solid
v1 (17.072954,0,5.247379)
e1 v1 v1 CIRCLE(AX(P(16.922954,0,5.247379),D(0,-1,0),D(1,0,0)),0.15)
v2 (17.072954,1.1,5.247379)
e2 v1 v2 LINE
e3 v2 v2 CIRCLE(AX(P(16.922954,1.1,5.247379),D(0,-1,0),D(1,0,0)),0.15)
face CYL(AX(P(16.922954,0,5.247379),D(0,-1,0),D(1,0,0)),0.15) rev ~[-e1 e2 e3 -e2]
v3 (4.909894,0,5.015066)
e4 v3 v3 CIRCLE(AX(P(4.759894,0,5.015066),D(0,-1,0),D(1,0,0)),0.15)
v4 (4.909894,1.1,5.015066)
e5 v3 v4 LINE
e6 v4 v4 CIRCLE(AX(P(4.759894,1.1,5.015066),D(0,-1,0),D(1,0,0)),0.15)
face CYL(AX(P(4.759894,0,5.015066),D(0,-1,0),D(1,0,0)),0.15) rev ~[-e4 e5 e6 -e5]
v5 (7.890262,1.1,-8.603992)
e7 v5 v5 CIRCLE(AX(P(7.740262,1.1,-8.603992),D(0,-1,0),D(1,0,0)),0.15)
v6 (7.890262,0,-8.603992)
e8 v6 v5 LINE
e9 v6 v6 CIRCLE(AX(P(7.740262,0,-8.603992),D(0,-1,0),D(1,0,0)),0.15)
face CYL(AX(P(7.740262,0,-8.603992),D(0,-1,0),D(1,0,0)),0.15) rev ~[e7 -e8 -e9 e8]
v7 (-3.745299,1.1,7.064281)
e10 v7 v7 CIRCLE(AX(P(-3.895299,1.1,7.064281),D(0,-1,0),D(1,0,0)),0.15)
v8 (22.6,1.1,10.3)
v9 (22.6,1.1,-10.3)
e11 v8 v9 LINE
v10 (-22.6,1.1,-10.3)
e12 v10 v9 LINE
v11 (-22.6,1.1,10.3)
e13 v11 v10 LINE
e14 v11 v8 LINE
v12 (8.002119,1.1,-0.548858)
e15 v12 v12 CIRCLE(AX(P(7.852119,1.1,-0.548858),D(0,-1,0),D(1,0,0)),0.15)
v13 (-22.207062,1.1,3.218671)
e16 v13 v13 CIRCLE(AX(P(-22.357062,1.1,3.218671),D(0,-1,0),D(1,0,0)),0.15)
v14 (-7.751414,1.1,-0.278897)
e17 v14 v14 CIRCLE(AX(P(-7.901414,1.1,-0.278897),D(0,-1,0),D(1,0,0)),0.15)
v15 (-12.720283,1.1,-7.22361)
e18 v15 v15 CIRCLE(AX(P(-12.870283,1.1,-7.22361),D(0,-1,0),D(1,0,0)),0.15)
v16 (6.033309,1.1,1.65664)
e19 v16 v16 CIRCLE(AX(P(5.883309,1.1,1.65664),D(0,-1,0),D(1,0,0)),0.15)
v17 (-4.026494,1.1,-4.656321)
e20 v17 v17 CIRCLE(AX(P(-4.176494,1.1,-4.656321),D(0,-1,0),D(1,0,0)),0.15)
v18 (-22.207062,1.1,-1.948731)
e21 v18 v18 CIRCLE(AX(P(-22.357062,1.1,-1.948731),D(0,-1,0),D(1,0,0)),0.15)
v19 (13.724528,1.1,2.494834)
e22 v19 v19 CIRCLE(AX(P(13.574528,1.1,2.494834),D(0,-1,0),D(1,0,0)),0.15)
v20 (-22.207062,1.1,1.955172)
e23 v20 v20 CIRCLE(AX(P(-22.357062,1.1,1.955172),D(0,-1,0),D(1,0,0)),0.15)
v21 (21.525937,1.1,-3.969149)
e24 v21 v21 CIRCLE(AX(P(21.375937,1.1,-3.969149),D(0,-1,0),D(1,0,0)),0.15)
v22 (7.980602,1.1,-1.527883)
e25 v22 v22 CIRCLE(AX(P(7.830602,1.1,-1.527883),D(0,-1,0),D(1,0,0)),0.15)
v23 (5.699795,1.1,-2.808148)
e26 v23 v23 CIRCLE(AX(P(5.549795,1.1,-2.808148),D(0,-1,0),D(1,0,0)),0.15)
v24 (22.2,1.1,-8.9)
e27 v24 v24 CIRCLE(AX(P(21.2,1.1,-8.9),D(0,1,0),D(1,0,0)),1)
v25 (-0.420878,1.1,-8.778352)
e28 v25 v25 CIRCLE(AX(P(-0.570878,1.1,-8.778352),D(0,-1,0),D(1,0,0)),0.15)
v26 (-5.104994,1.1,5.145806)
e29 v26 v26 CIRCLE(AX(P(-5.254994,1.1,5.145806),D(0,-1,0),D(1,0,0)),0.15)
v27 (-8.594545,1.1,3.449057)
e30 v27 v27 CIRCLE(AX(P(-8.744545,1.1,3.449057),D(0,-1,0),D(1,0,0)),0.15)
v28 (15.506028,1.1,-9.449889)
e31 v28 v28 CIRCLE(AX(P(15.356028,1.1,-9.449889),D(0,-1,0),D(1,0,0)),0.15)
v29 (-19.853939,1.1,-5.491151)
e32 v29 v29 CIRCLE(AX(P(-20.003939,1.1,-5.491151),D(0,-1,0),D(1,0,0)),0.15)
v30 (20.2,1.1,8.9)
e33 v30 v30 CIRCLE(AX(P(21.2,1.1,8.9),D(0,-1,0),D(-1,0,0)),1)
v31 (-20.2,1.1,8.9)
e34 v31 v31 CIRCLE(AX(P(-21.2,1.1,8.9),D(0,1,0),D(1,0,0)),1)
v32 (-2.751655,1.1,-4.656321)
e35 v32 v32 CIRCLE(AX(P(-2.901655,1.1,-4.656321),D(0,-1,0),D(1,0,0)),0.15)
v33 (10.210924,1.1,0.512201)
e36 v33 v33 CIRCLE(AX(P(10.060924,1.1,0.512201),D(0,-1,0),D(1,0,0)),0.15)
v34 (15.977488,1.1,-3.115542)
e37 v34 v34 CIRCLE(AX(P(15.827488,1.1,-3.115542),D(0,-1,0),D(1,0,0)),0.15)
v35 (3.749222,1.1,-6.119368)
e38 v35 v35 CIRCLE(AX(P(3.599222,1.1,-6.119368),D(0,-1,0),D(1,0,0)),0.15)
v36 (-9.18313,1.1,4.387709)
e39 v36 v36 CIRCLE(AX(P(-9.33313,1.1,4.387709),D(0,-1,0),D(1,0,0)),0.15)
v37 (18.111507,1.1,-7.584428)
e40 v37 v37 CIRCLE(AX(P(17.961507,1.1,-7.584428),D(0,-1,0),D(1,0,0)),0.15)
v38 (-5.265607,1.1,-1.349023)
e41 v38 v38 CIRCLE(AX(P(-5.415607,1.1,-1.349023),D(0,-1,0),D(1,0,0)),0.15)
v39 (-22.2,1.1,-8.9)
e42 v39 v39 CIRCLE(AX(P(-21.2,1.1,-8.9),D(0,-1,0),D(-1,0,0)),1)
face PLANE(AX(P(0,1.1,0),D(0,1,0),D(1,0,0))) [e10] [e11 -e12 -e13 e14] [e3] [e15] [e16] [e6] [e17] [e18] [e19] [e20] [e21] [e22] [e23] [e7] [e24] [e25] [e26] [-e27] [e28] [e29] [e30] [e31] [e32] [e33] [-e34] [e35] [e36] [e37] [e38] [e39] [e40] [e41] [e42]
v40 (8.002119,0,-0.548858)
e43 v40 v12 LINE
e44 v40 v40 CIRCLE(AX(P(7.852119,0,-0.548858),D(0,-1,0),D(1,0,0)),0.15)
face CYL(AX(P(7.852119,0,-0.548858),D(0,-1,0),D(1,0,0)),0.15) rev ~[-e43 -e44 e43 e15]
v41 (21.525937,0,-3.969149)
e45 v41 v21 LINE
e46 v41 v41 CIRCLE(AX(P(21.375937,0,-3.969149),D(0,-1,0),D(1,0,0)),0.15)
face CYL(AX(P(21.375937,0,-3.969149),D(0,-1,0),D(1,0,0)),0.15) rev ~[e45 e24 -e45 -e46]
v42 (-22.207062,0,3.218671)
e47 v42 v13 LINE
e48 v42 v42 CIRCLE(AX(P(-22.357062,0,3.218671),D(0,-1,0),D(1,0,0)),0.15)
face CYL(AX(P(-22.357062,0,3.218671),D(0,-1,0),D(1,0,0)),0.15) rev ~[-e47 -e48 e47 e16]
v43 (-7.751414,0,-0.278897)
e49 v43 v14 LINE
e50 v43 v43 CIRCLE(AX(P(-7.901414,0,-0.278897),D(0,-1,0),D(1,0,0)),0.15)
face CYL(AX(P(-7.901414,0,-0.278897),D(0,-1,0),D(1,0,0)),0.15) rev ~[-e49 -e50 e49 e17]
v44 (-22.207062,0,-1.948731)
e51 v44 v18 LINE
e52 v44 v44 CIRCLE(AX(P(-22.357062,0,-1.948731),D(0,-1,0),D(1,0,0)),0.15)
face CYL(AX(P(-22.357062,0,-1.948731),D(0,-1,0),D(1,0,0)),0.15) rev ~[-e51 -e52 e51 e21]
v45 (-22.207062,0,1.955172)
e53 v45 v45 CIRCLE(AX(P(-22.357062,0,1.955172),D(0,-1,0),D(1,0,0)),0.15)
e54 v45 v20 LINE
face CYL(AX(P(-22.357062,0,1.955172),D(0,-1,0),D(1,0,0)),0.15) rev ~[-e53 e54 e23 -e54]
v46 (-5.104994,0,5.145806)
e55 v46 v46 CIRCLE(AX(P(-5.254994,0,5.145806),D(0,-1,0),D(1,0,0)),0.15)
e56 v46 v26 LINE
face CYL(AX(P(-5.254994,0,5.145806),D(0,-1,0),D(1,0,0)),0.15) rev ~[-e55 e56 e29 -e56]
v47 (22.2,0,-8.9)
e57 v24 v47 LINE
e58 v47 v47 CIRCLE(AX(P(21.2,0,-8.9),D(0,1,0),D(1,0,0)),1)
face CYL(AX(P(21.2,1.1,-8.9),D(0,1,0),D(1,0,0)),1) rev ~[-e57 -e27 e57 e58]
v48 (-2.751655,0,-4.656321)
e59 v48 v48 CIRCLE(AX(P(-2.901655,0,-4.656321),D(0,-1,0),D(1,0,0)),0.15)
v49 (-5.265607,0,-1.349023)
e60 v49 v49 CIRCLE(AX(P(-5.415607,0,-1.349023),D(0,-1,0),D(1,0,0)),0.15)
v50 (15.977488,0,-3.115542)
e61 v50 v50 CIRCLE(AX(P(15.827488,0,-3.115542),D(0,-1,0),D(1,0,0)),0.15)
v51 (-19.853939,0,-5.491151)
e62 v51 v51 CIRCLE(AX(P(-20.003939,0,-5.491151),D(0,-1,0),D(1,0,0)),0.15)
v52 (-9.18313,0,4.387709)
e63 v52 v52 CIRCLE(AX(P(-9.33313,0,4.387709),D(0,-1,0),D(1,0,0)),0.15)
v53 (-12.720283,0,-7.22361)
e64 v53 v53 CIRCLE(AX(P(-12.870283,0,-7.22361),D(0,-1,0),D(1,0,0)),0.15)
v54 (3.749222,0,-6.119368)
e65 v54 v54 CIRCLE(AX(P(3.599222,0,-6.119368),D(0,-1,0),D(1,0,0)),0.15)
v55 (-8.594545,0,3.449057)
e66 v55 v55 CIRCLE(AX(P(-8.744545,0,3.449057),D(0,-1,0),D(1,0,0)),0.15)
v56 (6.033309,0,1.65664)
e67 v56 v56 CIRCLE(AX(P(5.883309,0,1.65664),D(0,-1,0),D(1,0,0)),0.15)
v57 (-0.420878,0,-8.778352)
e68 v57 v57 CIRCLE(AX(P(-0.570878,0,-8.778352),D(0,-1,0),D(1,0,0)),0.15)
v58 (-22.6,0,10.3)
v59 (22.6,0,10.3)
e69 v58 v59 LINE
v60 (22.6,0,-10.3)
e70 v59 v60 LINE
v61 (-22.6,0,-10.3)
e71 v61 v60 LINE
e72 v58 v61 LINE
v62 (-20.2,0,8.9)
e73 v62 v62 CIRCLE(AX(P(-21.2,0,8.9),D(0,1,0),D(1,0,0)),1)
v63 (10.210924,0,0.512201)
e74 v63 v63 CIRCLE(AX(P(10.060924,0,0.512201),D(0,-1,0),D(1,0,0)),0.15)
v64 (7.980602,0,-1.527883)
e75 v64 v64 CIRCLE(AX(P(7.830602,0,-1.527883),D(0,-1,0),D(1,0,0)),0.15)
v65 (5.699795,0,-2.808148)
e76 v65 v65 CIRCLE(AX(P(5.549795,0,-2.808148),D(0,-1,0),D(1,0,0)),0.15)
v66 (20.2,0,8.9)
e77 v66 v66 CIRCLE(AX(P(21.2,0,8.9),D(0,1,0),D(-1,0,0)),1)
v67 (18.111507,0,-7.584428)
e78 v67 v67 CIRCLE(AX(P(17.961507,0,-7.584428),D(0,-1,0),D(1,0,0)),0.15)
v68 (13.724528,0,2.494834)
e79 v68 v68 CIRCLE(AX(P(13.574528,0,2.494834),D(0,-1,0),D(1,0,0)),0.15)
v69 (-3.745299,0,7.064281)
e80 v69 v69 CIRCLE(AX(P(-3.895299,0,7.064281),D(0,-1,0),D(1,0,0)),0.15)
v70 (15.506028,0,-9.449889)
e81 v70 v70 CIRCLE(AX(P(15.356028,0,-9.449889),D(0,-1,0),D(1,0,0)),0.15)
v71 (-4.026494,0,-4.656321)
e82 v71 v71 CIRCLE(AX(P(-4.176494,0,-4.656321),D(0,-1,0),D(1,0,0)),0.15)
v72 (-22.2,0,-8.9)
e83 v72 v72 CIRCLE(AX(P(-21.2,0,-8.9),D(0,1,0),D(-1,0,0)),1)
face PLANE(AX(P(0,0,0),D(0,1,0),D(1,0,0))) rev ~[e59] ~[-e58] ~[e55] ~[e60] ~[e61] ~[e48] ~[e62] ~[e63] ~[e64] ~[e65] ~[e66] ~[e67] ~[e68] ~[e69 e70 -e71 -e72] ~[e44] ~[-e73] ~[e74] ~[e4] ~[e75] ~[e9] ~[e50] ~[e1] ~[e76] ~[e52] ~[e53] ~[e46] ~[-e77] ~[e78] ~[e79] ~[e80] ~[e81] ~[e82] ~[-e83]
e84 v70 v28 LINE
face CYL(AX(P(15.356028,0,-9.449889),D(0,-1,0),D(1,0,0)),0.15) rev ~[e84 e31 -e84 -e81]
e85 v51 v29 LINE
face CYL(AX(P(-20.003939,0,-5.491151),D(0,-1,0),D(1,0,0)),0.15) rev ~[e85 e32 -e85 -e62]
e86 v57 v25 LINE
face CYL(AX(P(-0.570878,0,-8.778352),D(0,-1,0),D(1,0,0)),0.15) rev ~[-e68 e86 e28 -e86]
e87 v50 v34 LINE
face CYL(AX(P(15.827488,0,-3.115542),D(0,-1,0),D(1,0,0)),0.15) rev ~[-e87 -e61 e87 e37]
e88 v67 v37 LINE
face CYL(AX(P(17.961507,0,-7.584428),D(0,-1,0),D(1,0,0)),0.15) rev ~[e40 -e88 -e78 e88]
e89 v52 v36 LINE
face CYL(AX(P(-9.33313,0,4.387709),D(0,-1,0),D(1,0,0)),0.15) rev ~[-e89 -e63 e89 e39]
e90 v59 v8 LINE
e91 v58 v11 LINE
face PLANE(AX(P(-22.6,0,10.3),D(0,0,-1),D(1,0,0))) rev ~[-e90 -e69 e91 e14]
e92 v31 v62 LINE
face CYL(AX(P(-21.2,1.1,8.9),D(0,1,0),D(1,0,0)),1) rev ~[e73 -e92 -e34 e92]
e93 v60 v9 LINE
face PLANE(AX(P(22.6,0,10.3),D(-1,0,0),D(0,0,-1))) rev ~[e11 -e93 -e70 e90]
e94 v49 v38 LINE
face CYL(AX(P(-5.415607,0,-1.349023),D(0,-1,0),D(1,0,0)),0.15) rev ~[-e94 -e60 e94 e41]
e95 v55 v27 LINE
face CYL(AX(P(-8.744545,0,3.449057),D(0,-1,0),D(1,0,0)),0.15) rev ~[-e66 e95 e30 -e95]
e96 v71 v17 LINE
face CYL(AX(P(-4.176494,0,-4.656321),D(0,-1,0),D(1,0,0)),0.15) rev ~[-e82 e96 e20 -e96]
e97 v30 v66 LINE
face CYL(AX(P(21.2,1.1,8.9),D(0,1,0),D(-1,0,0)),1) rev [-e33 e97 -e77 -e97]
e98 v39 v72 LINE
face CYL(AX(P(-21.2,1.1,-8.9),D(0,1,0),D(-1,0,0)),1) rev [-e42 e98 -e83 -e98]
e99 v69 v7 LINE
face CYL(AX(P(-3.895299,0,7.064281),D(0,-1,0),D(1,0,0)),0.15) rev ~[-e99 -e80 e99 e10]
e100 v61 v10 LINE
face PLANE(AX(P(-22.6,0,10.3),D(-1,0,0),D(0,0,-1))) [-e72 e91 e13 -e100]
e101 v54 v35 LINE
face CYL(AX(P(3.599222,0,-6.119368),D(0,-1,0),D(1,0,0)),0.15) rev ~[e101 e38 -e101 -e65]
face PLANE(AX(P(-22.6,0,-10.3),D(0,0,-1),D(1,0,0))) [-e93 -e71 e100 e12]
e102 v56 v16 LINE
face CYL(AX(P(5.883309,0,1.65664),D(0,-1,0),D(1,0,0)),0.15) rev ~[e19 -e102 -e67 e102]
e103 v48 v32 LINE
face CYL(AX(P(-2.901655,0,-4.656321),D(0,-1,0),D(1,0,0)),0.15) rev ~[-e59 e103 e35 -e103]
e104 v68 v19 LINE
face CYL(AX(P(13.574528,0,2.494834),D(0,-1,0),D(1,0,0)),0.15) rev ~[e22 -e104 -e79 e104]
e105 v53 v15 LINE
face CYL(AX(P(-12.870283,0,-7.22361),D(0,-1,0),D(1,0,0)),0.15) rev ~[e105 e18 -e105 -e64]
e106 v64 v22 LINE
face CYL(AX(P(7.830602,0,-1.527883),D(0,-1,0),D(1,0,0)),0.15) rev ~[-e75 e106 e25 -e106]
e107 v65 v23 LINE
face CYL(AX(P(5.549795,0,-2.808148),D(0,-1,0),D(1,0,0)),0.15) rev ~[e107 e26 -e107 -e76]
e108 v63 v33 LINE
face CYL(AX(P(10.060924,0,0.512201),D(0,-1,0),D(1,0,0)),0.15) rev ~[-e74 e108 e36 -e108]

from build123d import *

# Parameters (mm, degrees)
SKETCH1_W           = 45.2
SKETCH1_H           = 20.6
BOSS_EXTRUDE1_DEPTH = 1.1
SKETCH18_R          = 1
CUT_EXTRUDE4_DEPTH  = 2.1
SKETCH30_R          = 0.15
CUT_EXTRUDE6_DEPTH  = 1.1


with BuildPart() as part:
    # Sketch1 → Boss-Extrude1 (new body)
    with BuildSketch(Plane(origin=(0, 0, 0), x_dir=(1, 0, 0), z_dir=(0, 1, 0))):
        Rectangle(SKETCH1_W, SKETCH1_H)
    extrude(amount=BOSS_EXTRUDE1_DEPTH)

    # Sketch18 → Cut-Extrude4 (cut, through all)
    with BuildSketch(Plane(origin=(0, 1.1, 0), x_dir=(1, 0, 0), z_dir=(0, 1, 0))):
        with Locations((-21.2, -8.9)):
            Circle(SKETCH18_R)
        with Locations((21.2, 8.9)):
            Circle(SKETCH18_R)
    cut_extrude4 = extrude(amount=-CUT_EXTRUDE4_DEPTH, mode=Mode.SUBTRACT)

    # Sketch30 → Cut-Extrude6 (cut)
    with BuildSketch(Plane.XZ):
        with Locations((-9.333130036, 4.387708864)):
            Circle(SKETCH30_R)
        with Locations((-8.744545033, 3.449056667)):
            Circle(SKETCH30_R)
        with Locations((4.759894179, 5.015066472)):
            Circle(SKETCH30_R)
        with Locations((16.922953898, 5.247379324)):
            Circle(SKETCH30_R)
        with Locations((7.830601522, -1.527883327)):
            Circle(SKETCH30_R)
        with Locations((7.85211857, -0.548857679)):
            Circle(SKETCH30_R)
        with Locations((5.549794517, -2.808147637)):
            Circle(SKETCH30_R)
        with Locations((5.883308749, 1.656639662)):
            Circle(SKETCH30_R)
        with Locations((15.827488091, -3.115541656)):
            Circle(SKETCH30_R)
        with Locations((21.375936622, -3.969149123)):
            Circle(SKETCH30_R)
        with Locations((17.961506757, -7.584427803)):
            Circle(SKETCH30_R)
        with Locations((15.35602841, -9.449889168)):
            Circle(SKETCH30_R)
        with Locations((3.599221967, -6.119367867)):
            Circle(SKETCH30_R)
        with Locations((7.740262146, -8.603991974)):
            Circle(SKETCH30_R)
        with Locations((-0.570878142, -8.77835156)):
            Circle(SKETCH30_R)
        with Locations((-2.901654637, -4.656320507)):
            Circle(SKETCH30_R)
        with Locations((-4.176494296, -4.656320507)):
            Circle(SKETCH30_R)
        with Locations((-5.415606667, -1.349023089)):
            Circle(SKETCH30_R)
        with Locations((-7.901413801, -0.278896563)):
            Circle(SKETCH30_R)
        with Locations((-5.254994429, 5.1458063)):
            Circle(SKETCH30_R)
        with Locations((-3.895298753, 7.064281021)):
            Circle(SKETCH30_R)
        with Locations((13.574528056, 2.494833551)):
            Circle(SKETCH30_R)
        with Locations((10.060923878, 0.512200964)):
            Circle(SKETCH30_R)
        with Locations((-12.870283271, -7.223609825)):
            Circle(SKETCH30_R)
        with Locations((-20.003938885, -5.491150605)):
            Circle(SKETCH30_R)
        with Locations((-22.357061828, 3.218671023)):
            Circle(SKETCH30_R)
        with Locations((-22.357061828, 1.95517224)):
            Circle(SKETCH30_R)
        with Locations((-22.357061828, -1.948730844)):
            Circle(SKETCH30_R)
    extrude(amount=-CUT_EXTRUDE6_DEPTH, mode=Mode.SUBTRACT)

    # Mirror1: Cut-Extrude4 across plane
    add(cut_extrude4.mirror(Plane(origin=(0, 0, 0), x_dir=(0, 0, 1), z_dir=(1, 0, 0))), mode=Mode.SUBTRACT)


solid = part.part
